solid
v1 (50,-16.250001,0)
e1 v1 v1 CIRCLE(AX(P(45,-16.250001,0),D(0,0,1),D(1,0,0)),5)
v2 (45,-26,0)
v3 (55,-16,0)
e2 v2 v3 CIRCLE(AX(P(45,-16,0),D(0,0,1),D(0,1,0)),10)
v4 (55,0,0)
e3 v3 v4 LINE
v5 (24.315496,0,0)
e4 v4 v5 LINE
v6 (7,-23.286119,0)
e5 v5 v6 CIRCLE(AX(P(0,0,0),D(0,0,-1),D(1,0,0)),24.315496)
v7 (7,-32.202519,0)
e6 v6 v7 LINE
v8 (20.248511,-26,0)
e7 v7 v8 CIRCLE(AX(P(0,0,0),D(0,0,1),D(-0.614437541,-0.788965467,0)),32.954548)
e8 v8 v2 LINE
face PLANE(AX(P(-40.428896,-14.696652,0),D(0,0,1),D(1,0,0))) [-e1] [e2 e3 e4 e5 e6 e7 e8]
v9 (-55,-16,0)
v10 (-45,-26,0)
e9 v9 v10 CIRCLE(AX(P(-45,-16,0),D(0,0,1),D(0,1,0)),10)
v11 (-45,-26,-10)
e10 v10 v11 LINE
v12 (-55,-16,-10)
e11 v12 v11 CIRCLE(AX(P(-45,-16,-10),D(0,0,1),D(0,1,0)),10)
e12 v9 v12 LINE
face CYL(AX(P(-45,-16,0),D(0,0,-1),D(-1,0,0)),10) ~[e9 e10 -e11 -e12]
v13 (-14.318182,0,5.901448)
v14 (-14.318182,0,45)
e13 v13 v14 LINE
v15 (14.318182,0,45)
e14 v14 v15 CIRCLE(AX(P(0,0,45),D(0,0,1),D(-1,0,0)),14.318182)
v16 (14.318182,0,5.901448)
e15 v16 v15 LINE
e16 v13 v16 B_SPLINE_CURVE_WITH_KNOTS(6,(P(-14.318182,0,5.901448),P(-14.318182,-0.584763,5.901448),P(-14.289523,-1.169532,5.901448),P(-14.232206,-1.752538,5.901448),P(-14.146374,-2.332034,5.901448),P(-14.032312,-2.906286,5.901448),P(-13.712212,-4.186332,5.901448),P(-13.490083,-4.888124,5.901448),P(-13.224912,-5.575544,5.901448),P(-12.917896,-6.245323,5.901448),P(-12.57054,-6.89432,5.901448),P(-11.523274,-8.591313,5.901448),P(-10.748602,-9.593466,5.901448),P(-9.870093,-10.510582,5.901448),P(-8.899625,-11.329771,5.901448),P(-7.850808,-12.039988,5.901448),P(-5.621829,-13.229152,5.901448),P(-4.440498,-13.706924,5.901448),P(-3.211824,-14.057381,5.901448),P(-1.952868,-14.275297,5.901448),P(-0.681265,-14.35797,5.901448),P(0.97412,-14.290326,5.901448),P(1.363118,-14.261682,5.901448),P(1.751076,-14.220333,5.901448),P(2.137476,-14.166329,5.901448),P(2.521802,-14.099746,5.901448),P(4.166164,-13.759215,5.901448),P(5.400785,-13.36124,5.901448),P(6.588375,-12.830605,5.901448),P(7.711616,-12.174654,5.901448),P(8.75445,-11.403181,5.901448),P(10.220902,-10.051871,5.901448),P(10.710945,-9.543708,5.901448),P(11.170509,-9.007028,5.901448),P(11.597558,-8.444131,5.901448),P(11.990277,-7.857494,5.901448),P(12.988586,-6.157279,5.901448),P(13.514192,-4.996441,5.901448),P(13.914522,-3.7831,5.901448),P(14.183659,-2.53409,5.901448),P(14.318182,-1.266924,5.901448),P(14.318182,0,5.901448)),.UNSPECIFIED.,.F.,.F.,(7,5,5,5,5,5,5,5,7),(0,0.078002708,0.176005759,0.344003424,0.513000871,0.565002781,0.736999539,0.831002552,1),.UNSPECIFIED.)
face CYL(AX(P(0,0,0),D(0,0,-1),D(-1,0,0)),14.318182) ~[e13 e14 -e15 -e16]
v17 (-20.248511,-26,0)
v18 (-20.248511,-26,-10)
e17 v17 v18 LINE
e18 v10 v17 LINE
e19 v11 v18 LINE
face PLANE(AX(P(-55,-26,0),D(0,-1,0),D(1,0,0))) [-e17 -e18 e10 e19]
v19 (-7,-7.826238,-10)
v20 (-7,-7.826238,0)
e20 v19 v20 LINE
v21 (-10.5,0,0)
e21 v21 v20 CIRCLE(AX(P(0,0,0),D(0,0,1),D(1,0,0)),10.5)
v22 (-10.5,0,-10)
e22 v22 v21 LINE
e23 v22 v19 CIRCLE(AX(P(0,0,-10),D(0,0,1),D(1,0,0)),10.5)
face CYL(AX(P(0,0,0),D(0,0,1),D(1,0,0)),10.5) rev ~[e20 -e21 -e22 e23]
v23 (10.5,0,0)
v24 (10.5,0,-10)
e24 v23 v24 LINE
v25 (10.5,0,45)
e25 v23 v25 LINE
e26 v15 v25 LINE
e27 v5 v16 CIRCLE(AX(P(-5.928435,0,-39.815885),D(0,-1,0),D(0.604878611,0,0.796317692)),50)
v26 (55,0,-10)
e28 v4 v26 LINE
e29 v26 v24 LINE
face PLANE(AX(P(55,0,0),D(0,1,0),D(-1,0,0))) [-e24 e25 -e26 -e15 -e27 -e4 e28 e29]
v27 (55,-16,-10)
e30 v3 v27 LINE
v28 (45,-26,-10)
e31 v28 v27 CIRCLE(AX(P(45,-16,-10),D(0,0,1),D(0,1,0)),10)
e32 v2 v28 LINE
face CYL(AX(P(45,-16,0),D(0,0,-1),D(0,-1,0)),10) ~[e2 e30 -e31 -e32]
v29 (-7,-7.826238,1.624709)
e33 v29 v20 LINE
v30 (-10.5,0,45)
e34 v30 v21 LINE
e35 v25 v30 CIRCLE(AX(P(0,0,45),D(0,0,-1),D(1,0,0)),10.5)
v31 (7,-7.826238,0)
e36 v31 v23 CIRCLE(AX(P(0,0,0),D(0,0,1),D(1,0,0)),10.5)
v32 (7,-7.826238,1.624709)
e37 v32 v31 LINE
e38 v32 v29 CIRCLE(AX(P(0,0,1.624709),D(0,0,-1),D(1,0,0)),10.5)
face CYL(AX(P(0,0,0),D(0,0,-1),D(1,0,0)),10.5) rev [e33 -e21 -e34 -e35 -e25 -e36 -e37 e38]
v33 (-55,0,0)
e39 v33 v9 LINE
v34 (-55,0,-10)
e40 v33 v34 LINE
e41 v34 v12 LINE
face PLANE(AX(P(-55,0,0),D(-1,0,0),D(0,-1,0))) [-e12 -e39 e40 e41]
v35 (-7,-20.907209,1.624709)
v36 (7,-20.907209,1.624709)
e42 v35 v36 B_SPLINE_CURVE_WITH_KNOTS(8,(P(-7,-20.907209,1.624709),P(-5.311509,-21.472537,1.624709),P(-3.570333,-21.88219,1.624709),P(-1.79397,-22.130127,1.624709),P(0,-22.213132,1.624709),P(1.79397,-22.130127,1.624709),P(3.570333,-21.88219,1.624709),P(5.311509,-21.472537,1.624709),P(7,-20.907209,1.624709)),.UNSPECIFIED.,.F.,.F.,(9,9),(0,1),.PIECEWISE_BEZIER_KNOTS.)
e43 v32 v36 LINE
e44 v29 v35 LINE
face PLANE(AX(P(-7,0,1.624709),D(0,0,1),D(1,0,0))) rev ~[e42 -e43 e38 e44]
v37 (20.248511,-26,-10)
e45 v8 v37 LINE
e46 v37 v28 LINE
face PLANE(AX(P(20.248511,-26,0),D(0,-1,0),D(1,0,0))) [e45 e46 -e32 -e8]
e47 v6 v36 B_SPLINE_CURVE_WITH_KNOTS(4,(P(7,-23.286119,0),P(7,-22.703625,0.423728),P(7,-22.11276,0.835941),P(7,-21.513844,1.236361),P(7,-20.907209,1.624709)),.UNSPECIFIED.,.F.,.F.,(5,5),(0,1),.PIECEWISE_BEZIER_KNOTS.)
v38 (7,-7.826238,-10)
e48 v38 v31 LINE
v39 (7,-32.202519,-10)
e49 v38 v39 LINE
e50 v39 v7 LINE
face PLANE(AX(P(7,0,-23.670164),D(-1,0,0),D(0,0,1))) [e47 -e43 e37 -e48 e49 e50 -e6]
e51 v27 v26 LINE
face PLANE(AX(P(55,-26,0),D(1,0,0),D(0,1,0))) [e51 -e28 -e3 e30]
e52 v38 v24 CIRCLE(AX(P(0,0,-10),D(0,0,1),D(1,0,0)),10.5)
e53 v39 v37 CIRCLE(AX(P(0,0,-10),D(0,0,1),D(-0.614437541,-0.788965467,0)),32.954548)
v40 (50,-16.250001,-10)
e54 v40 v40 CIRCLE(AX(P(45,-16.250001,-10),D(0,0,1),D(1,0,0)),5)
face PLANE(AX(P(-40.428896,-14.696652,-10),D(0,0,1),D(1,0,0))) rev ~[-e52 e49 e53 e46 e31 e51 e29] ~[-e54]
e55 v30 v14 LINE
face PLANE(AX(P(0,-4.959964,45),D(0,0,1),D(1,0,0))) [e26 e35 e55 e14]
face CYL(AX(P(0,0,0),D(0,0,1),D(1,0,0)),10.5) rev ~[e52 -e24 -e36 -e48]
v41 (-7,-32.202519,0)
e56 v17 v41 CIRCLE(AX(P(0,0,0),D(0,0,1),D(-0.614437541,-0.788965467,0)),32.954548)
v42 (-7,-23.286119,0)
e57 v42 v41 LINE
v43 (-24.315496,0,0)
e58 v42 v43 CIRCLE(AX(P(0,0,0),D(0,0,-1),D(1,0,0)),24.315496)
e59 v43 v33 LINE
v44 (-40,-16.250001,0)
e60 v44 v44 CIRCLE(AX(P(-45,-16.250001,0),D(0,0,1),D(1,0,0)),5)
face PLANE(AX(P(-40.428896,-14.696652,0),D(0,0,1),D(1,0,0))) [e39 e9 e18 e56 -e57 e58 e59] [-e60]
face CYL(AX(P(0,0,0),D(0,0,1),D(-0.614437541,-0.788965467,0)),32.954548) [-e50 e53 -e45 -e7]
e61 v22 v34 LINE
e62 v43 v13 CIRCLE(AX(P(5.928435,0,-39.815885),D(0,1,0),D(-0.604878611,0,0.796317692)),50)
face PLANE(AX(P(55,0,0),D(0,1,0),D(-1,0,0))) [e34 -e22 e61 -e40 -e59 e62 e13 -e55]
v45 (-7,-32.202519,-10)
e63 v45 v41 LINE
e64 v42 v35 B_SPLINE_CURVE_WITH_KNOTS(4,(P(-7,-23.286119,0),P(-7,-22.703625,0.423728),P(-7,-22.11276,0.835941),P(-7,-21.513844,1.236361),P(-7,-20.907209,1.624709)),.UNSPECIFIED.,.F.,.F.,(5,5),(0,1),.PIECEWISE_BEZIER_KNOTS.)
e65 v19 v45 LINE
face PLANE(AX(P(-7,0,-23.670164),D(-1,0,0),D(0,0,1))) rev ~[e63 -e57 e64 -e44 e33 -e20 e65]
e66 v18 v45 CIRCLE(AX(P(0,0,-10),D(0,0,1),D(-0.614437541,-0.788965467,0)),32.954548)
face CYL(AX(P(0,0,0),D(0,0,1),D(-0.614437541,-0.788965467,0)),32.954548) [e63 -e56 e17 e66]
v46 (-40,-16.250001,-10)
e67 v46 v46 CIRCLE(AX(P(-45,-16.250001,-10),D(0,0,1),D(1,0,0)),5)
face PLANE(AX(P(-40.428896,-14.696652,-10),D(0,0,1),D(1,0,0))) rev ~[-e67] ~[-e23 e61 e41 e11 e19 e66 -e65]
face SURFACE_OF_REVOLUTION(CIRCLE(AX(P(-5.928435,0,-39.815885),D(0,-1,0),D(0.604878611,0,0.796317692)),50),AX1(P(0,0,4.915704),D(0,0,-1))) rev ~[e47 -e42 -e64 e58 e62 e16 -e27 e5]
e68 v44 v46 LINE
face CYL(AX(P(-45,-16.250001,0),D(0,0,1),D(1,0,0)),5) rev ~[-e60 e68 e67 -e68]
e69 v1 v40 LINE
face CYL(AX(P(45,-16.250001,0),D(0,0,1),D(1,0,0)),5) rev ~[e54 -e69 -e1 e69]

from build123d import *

# Parameters (mm, degrees)
F1_DEPTH       = 10
F2_R           = 10
F3_R           = 5
F4_DEPTH       = 25
F6_ANGLE       = 180
F8_DEPTH       = 45
F9_R           = 10.5
F10_DEPTH      = 50
F10_DEPTH_BACK = 50
F11_W          = 14
F11_H          = 25.2948729652
F12_DEPTH      = 50


with BuildPart() as f1:
    # F0 (on Top) → F1 (new body)
    with BuildSketch(Plane.XY):
        with BuildLine():
            Line((-32.9545475543, 0), (-55, 0))
            Line((-55, 0), (-55, -26))
            Line((-55, -26), (-20.2485111676, -26))
            ThreePointArc((-20.2485111676, -26), (-29.6081300379, -14.4693068308), (-32.9545475543, 0))
        make_face()
        with BuildLine():
            Line((32.9545475543, 0), (-32.9545475543, 0))
            ThreePointArc((-32.9545475543, 0), (-29.6081300379, -14.4693068308), (-20.2485111676, -26))
            Line((-20.2485111676, -26), (20.2485111676, -26))
            ThreePointArc((20.2485111676, -26), (29.6081300379, -14.4693068308), (32.9545475543, 0))
        make_face()
        with BuildLine():
            Line((55, 0), (32.9545475543, 0))
            ThreePointArc((32.9545475543, 0), (29.6081300379, -14.4693068308), (20.2485111676, -26))
            Line((20.2485111676, -26), (55, -26))
            Line((55, -26), (55, 0))
        make_face()
        with BuildLine():
            Line((20.2485111676, -26), (-20.2485111676, -26))
            ThreePointArc((-20.2485111676, -26), (0, -32.9545475543), (20.2485111676, -26))
        make_face()
    extrude(amount=-F1_DEPTH)

    # F2
    f2_edges = [f1.edges().sort_by_distance(p)[0] for p in [
        (-55, -26, -5),
        (55, -26, -5),
    ]]
    fillet(f2_edges, radius=F2_R)

    # F3 (on Top) → F4 (cut)
    with BuildSketch(Plane.XY):
        with Locations((-45, -16.2500012666)):
            Circle(F3_R)
        with Locations((45, -16.2500012666)):
            Circle(F3_R)
    extrude(amount=-F4_DEPTH, mode=Mode.SUBTRACT)

    # F5 (on Front) → F6 (revolve)
    with BuildSketch(Plane.XZ):
        with BuildLine():
            Line((0, 9.8314080073), (0, 0))
            Line((0, 0), (24.3154959095, 0))
            ThreePointArc((24.3154959095, 0), (12.8138743622, 6.5384663753), (0, 9.8314080073))
        make_face()
    revolve(axis=Axis((0, 0, 4.9157040036), (0, 0, -1)), revolution_arc=F6_ANGLE)

    # F7 (on Top) → F8 (join)
    with BuildSketch(Plane.XY):
        with BuildLine():
            ThreePointArc((-14.3181821331, 0), (0, -14.3181821331), (14.3181821331, 0))
            Line((14.3181821331, 0), (-14.3181821331, 0))
        make_face()
    extrude(amount=F8_DEPTH)

    # F9 (on Top) → F10 (cut, two sides)
    with BuildSketch(Plane.XY) as f10_sk:
        Circle(F9_R)
    extrude(amount=-F10_DEPTH, mode=Mode.SUBTRACT)
    extrude(f10_sk.sketch, amount=F10_DEPTH_BACK, mode=Mode.SUBTRACT)

    # F11 (on Front) → F12 (cut)
    with BuildSketch(Plane.XZ):
        with Locations((0, -11.0227272962)):
            Rectangle(F11_W, F11_H)
    extrude(amount=F12_DEPTH, mode=Mode.SUBTRACT)


solid = f1.part
